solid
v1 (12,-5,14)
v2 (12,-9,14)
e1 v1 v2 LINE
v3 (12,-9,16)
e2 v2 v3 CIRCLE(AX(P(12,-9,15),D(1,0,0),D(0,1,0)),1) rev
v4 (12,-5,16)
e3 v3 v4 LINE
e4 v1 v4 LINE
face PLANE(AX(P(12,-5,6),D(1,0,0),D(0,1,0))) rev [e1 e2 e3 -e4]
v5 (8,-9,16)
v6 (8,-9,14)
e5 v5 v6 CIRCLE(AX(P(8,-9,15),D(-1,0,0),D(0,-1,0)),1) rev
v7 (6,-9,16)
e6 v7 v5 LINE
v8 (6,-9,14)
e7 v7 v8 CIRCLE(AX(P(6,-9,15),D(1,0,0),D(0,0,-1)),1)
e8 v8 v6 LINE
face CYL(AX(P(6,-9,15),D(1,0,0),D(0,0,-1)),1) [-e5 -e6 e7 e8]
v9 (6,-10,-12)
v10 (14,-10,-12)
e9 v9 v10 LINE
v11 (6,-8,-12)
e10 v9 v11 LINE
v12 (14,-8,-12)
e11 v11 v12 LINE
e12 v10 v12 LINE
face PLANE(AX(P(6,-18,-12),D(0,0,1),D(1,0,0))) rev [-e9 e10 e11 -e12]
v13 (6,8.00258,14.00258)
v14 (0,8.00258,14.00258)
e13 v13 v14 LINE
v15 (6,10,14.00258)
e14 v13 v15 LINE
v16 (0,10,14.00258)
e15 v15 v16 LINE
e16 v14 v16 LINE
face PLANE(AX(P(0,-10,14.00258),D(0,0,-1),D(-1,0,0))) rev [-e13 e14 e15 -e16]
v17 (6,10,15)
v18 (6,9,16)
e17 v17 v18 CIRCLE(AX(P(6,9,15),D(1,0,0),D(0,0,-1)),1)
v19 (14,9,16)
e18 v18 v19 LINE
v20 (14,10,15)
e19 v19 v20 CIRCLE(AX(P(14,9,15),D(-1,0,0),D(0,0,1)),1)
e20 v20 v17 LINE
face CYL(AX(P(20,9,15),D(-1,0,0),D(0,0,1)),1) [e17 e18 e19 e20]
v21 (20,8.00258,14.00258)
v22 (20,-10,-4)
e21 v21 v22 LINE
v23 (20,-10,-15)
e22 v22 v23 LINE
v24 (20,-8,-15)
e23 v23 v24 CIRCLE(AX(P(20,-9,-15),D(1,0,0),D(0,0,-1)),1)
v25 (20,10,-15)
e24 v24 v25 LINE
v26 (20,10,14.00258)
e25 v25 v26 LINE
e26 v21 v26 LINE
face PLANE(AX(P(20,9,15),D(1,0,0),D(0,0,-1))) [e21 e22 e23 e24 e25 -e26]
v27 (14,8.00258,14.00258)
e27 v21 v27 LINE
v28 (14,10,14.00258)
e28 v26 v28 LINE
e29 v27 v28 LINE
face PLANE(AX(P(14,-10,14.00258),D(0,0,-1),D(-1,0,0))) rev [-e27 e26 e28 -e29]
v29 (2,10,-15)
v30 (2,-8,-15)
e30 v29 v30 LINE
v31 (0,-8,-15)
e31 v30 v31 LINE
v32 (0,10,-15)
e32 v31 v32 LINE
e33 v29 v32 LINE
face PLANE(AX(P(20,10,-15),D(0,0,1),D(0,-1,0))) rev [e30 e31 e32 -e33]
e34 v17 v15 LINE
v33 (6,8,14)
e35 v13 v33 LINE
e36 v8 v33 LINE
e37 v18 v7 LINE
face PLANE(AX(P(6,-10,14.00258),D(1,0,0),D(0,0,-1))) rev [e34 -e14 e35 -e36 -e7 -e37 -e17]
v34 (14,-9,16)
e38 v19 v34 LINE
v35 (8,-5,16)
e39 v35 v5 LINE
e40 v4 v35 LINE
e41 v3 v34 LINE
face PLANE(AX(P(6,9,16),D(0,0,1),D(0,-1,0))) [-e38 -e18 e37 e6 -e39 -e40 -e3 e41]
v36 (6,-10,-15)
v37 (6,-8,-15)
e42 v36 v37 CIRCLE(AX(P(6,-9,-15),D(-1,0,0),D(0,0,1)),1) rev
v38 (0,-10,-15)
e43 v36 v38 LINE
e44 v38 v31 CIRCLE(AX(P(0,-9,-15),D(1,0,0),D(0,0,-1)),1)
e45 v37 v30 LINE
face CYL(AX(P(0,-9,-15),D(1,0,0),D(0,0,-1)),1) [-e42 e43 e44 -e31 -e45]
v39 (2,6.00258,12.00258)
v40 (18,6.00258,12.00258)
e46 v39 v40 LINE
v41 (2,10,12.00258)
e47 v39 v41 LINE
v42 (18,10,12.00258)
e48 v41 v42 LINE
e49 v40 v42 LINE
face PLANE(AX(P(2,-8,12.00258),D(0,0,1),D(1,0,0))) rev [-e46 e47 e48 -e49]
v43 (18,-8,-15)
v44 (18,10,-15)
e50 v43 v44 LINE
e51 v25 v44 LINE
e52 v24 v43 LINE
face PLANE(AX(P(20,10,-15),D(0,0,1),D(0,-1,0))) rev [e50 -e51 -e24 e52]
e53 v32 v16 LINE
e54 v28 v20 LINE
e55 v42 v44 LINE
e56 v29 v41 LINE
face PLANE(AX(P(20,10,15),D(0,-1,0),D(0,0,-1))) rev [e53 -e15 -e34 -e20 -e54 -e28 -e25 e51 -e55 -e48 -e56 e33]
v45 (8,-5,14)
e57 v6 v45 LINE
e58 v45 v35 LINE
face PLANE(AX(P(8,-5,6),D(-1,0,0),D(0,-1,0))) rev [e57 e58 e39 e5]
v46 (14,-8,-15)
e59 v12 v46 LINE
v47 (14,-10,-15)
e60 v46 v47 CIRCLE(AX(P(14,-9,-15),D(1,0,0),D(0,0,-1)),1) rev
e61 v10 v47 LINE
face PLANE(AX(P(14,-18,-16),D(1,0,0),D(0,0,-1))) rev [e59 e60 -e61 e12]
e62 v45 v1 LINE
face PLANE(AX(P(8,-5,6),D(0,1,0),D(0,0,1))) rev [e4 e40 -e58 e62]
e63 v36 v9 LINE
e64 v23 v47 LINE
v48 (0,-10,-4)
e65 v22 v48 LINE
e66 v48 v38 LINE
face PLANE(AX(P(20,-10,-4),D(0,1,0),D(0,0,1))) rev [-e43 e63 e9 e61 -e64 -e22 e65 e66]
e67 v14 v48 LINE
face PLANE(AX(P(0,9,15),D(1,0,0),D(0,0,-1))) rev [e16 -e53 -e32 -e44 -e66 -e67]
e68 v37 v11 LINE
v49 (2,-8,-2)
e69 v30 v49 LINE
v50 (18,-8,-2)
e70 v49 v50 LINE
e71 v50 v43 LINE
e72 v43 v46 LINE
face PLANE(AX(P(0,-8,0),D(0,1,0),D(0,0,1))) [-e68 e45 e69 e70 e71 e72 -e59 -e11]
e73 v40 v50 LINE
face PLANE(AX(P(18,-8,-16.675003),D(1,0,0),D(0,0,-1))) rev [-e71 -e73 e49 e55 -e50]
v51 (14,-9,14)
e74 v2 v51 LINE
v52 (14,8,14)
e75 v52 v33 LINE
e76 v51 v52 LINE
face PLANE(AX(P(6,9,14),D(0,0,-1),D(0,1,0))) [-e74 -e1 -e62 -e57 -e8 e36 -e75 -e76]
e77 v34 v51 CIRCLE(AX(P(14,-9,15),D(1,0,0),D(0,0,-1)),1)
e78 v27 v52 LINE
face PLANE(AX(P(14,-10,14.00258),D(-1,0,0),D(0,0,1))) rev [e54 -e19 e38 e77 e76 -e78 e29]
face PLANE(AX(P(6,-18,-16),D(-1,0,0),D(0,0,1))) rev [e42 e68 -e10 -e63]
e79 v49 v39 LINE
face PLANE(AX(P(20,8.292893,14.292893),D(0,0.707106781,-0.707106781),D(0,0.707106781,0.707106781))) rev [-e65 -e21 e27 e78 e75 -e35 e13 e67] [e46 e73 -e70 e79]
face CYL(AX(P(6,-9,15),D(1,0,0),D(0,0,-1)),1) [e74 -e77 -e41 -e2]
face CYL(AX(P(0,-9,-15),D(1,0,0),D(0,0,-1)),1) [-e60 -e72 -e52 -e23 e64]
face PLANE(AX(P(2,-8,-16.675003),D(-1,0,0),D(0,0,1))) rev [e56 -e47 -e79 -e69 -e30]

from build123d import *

# Parameters (mm, degrees)
EXTRUDE_3_DEPTH     = 20
SKETCH_4_W          = 6
SKETCH_4_H          = 1.997420006
CUT_EXTRUDE_1_DEPTH = 20
EXTRUDE_4_DEPTH     = 8
SKETCH_6_R          = 1
EXTRUDE_5_DEPTH     = 20
SKETCH_7_W          = 16
SKETCH_7_H          = 28.677583324
CUT_EXTRUDE_3_DEPTH = 18
SKETCH_8_W          = 4
SKETCH_8_H          = 6.365219316
CUT_EXTRUDE_4_DEPTH = 10
SKETCH_9_W          = 8
SKETCH_9_H          = 4
CUT_EXTRUDE_5_DEPTH = 10


with BuildPart() as part:
    # 草图3 → 凸台-拉伸3 (new body)
    with BuildSketch(Plane(origin=(0, 0, 0), x_dir=(0, 0, -1), z_dir=(1, 0, 0))):
        with BuildLine():
            Line((-14.292893219, 8.292893219), (4, -10))
            Line((4, -10), (15, -10))
            Line((15, -10), (15, 10))
            Line((15, 10), (-15, 10))
            ThreePointArc((-15, 10), (-15.923879533, 8.617316568), (-14.292893219, 8.292893219))
        make_face()
    extrude(amount=EXTRUDE_3_DEPTH)

    # 草图4 → 切除-拉伸1 (cut)
    with BuildSketch(Plane(origin=(0, 10, 0), x_dir=(1, 0, 0), z_dir=(0, 1, 0))):
        with Locations((3, -15.001289997)):
            Rectangle(SKETCH_4_W, SKETCH_4_H)
        with Locations((17, -15.001289997)):
            Rectangle(SKETCH_4_W, SKETCH_4_H)
    extrude(amount=-CUT_EXTRUDE_1_DEPTH, mode=Mode.SUBTRACT)

    # 草图5 → 凸台-拉伸4 (add)
    with BuildSketch(Plane(origin=(14, 0, 0), x_dir=(0, 0, -1), z_dir=(1, 0, 0))):
        with BuildLine():
            Line((-14, 9), (-14, -9))
            ThreePointArc((-14, -9), (-15, -10), (-16, -9))
            Line((-16, -9), (-16, 9))
            ThreePointArc((-16, 9), (-15, 10), (-14, 9))
        make_face()
    extrude(amount=-EXTRUDE_4_DEPTH)

    # 草图6 → 凸台-拉伸5 (add)
    with BuildSketch(Plane(origin=(20, 0, 0), x_dir=(0, 0, -1), z_dir=(1, 0, 0))):
        with Locations((15, -9)):
            Circle(SKETCH_6_R)
    extrude(amount=-EXTRUDE_5_DEPTH)

    # 草图7 → 切除-拉伸3 (cut)
    with BuildSketch(Plane(origin=(0, 10, 0), x_dir=(1, 0, 0), z_dir=(0, 1, 0))):
        with Locations((10, 2.336211668)):
            Rectangle(SKETCH_7_W, SKETCH_7_H)
    extrude(amount=-CUT_EXTRUDE_3_DEPTH, mode=Mode.SUBTRACT)

    # 草图8 → 切除-拉伸4 (cut)
    with BuildSketch(Plane.XY.offset(16)):
        with Locations((10, -8.182609658)):
            Rectangle(SKETCH_8_W, SKETCH_8_H)
    extrude(amount=-CUT_EXTRUDE_4_DEPTH, mode=Mode.SUBTRACT)

    # 草图9 → 切除-拉伸5 (cut)
    with BuildSketch(Plane(origin=(0, -8, 0), x_dir=(1, 0, 0), z_dir=(0, 1, 0))):
        with Locations((10, 14)):
            Rectangle(SKETCH_9_W, SKETCH_9_H)
    extrude(amount=-CUT_EXTRUDE_5_DEPTH, mode=Mode.SUBTRACT)


solid = part.part
